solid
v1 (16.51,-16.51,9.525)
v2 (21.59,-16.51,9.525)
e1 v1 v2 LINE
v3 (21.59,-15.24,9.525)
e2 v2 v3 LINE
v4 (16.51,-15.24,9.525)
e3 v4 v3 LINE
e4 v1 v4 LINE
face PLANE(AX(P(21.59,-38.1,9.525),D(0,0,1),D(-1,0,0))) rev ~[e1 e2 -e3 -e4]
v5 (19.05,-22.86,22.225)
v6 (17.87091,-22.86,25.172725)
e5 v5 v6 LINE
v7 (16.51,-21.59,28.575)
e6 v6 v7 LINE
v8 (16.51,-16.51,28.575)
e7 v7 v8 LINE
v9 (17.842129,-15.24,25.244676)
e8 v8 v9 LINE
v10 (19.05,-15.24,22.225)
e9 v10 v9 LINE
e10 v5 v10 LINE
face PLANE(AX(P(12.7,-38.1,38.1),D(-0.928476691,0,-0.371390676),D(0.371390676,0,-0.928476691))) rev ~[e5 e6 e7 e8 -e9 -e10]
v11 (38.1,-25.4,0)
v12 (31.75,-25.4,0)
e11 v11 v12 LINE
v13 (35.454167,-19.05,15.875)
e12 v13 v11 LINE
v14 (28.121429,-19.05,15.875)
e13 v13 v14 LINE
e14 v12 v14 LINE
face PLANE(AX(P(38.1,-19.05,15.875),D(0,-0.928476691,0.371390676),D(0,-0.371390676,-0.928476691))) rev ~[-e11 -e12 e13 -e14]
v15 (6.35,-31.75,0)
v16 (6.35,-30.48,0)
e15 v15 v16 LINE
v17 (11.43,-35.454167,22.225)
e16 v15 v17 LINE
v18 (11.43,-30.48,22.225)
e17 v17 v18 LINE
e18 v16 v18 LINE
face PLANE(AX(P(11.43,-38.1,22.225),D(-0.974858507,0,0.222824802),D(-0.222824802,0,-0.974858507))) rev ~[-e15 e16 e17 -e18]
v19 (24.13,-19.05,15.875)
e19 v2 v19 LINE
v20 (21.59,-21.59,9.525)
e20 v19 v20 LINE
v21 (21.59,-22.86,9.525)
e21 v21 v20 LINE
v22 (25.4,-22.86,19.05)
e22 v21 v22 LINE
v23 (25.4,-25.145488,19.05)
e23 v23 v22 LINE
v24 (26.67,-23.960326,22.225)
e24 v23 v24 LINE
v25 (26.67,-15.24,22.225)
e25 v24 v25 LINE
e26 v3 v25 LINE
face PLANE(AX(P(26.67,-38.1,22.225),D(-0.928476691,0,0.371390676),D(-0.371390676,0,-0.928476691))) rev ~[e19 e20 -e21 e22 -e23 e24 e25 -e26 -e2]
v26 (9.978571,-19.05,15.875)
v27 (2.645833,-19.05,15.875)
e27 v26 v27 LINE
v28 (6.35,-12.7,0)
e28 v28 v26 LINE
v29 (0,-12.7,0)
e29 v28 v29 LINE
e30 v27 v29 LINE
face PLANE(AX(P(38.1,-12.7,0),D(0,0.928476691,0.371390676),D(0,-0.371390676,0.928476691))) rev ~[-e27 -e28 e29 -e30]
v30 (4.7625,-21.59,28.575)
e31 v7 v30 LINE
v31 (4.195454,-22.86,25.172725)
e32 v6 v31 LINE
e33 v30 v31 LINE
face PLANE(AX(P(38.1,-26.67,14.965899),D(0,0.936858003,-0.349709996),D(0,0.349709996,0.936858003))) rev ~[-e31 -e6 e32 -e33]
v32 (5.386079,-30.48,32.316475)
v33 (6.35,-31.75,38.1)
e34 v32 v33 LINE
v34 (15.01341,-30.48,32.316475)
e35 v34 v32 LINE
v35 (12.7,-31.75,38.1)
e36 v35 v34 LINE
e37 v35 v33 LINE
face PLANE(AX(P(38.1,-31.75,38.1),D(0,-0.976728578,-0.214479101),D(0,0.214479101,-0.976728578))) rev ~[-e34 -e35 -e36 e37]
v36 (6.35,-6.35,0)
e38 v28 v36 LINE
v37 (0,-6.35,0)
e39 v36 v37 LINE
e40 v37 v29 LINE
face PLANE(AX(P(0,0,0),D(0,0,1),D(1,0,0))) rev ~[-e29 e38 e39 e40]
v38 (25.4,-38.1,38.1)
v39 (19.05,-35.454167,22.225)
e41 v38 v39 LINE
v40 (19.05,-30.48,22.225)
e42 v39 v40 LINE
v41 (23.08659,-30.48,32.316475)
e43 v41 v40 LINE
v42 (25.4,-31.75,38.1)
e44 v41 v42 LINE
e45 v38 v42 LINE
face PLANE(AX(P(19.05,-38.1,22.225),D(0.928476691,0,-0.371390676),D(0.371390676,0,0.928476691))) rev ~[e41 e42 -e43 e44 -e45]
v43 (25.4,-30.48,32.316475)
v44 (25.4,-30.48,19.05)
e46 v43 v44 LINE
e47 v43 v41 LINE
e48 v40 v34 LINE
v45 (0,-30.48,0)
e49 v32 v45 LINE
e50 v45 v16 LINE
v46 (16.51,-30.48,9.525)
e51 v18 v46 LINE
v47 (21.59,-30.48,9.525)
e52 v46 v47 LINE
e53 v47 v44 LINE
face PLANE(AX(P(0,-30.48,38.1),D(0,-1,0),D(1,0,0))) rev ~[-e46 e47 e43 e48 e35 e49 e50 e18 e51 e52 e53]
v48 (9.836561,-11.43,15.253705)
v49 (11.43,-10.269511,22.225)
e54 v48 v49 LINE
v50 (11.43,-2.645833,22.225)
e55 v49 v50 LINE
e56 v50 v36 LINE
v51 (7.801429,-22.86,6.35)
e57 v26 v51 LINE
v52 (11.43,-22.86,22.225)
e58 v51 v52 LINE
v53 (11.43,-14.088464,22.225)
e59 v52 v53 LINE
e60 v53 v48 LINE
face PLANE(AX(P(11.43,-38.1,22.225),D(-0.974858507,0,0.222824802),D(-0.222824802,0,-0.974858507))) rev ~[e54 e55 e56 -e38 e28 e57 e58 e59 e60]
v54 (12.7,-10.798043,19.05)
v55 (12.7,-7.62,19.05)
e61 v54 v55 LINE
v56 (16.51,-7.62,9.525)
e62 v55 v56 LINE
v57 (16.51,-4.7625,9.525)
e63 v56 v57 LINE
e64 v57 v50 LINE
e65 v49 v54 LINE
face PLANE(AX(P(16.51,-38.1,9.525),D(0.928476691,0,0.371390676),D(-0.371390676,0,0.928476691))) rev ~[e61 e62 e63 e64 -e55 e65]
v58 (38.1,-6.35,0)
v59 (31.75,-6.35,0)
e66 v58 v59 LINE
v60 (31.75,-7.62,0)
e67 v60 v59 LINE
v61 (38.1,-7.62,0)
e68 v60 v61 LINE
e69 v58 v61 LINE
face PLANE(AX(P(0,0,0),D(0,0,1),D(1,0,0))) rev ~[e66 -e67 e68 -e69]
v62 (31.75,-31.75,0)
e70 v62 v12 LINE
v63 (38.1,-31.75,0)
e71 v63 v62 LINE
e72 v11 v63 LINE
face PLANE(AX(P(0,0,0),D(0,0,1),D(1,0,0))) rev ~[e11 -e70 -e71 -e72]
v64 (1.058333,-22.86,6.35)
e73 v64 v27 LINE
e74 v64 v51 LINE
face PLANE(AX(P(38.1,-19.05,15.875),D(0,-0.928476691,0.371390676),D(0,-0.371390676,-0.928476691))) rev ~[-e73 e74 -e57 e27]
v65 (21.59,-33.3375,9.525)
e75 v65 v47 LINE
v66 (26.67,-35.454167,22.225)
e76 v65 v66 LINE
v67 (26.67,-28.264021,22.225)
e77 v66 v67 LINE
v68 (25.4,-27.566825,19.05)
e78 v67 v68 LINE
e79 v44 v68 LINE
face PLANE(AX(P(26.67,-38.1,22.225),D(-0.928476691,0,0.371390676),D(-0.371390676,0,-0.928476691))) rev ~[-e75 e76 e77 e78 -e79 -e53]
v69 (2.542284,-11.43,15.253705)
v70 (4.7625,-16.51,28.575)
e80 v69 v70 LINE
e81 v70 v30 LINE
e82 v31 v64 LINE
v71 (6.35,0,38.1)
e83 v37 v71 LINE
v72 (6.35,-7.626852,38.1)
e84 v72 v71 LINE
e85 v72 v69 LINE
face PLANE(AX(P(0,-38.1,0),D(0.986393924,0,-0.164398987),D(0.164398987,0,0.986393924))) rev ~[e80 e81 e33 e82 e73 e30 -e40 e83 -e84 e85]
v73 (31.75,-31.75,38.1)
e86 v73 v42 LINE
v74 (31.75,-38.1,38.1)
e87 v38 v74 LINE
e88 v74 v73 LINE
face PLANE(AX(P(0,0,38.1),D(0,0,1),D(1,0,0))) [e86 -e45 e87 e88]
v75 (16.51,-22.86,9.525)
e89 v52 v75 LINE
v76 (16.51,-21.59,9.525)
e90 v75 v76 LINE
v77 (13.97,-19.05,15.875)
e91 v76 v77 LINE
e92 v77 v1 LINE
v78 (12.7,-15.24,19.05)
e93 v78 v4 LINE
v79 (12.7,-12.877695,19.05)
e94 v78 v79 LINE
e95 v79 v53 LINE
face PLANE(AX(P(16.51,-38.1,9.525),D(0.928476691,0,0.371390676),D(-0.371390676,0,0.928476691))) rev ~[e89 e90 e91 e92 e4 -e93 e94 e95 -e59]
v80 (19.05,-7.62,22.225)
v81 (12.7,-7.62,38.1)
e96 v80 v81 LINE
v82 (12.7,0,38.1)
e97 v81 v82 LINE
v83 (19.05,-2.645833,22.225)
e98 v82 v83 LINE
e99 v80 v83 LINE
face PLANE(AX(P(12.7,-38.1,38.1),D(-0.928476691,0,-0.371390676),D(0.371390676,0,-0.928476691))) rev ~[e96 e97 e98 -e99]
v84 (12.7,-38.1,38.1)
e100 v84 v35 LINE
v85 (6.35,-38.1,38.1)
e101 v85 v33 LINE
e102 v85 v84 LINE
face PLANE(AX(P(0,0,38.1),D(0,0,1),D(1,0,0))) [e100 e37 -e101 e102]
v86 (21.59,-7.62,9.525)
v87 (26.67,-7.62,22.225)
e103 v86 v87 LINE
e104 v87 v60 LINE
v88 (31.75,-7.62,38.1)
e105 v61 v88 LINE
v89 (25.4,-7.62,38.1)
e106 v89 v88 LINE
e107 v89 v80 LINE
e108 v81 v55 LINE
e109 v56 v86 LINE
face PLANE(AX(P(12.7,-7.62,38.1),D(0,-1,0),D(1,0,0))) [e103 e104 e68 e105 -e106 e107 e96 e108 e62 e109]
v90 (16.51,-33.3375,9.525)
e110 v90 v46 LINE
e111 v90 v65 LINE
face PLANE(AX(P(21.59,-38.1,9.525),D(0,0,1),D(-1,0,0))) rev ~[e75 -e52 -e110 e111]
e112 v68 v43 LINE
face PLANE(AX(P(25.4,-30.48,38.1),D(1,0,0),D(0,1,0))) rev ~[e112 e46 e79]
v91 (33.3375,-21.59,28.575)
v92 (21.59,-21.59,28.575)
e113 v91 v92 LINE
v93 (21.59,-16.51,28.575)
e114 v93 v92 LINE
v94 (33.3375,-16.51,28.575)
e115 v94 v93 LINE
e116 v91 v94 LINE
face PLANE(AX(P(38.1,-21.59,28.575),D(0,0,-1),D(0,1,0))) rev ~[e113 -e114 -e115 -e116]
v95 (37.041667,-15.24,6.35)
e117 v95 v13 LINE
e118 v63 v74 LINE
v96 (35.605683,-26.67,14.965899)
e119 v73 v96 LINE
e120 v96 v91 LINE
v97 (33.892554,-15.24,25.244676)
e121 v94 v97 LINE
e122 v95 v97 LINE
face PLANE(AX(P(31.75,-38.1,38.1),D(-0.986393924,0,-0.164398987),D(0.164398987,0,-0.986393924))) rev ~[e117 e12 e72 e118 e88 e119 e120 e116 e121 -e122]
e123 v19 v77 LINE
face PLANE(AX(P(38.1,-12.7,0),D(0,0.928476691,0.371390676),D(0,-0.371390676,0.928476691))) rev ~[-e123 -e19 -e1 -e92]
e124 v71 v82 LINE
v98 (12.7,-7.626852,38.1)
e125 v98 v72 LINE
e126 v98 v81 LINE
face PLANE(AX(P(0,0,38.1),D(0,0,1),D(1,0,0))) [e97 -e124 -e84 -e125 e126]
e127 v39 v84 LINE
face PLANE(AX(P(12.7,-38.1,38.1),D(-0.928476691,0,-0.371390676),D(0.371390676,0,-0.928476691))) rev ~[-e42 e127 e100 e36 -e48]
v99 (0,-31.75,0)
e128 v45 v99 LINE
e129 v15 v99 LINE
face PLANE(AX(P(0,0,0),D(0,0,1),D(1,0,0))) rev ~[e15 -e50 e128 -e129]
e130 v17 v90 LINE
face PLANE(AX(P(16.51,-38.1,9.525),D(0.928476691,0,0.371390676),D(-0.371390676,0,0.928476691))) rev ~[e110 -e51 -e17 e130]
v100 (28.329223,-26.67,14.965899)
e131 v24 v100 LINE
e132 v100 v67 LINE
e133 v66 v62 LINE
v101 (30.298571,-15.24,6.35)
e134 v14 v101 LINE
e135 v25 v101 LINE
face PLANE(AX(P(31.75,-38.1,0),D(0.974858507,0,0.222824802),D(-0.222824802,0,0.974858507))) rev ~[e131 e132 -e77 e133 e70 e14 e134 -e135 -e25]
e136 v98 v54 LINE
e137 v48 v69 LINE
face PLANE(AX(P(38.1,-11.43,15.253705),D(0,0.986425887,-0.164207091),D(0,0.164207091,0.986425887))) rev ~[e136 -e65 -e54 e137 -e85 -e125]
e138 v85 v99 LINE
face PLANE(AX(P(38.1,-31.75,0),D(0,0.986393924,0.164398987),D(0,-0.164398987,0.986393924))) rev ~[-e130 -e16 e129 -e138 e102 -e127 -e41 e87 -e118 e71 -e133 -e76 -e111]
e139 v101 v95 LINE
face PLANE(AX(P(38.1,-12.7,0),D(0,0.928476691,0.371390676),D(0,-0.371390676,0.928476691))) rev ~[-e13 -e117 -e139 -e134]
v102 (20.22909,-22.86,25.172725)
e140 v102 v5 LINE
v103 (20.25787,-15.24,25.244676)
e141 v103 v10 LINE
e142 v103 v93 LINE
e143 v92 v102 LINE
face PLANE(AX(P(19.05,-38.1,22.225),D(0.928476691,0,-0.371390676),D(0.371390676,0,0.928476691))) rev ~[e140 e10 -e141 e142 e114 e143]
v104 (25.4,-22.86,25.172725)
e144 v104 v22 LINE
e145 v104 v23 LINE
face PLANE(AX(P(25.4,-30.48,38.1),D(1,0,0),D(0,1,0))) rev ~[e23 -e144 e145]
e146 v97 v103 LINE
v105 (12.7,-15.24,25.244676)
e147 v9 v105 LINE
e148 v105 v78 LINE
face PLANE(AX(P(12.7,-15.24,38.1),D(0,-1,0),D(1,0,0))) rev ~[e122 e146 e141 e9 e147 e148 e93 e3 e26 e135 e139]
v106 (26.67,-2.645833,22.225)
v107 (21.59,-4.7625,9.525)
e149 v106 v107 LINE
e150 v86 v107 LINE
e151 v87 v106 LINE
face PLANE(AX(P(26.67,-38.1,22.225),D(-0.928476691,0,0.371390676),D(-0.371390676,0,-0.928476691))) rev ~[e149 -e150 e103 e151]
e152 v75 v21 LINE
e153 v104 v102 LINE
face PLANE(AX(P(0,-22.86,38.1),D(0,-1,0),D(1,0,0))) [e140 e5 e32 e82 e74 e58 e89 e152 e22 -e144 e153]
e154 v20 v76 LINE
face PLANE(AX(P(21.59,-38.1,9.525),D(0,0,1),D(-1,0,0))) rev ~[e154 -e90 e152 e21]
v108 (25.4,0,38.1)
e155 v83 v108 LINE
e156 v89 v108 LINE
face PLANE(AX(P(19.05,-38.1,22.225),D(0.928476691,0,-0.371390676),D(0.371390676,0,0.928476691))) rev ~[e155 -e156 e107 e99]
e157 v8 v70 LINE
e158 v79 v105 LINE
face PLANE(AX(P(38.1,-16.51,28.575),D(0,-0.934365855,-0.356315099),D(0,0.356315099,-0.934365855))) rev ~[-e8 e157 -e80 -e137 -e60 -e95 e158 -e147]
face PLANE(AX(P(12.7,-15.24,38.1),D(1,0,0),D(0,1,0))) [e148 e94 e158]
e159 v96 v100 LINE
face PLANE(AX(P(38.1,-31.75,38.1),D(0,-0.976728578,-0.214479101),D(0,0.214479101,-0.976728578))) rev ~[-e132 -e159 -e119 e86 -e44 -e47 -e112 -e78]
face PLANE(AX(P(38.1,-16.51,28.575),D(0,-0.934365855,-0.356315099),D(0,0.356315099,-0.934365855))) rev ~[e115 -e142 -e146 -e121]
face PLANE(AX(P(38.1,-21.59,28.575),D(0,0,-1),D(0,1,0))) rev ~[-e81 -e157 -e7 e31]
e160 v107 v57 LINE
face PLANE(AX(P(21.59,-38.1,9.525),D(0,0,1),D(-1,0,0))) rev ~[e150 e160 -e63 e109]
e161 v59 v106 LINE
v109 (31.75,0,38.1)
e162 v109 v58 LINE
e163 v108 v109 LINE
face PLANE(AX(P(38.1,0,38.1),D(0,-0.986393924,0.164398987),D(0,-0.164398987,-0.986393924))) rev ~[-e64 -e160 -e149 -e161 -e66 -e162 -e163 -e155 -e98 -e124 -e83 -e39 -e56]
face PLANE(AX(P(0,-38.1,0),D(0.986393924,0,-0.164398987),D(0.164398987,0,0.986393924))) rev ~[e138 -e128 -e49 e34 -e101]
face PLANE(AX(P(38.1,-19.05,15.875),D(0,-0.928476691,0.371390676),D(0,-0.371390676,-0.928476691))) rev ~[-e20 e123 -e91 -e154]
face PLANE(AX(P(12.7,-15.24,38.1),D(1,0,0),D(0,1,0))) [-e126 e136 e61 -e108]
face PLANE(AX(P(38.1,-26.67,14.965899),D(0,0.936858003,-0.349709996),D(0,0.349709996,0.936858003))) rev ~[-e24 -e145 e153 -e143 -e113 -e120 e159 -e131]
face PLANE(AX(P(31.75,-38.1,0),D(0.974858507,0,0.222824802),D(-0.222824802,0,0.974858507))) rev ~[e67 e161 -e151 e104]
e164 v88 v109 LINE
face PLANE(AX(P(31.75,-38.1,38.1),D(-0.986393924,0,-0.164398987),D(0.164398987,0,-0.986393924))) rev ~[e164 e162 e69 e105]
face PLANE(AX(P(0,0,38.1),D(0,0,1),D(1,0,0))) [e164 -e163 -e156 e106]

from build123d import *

# Parameters (mm, degrees)
F0_W      = 38.1
F0_H      = 38.1
F1_DEPTH  = 38.1
F6_DEPTH  = 38.1
F8_DEPTH  = 38.1
F9_W      = 25.4
F9_H      = 7.62
F10_DEPTH = 38.1


with BuildPart() as f1:
    # F0 (on Front) → F1 (new body)
    with BuildSketch(Plane.XZ):
        with Locations((19.05, 19.05)):
            Rectangle(F0_W, F0_H)
    extrude(amount=F1_DEPTH)

    # F5 (on offset) → F6 (cut)
    with BuildSketch(Plane.YZ.offset(38.1)):
        Polygon((-11.43, 15.253705), (-7.626852, 38.1), (-31.75, 38.1), (-26.67, 14.965899), (-21.59, 28.575), (-16.51, 28.575), align=None)
        Polygon((-31.75, 0), (-38.1, 38.1), (-38.1, 0), align=None)
        Polygon((-25.4, 0), (-12.7, 0), (-19.05, 15.875), align=None)
        Polygon((-6.35, 0), (0, 0), (0, 38.1), align=None)
    extrude(amount=-F6_DEPTH, mode=Mode.SUBTRACT)

    # F7 (on offset) → F8 (cut)
    with BuildSketch(Plane.XZ.offset(38.1)):
        Polygon((6.35, 38.1), (0, 38.1), (0, 0), align=None)
        Polygon((25.4, 38.1), (12.7, 38.1), (19.05, 22.225), align=None)
        Polygon((38.1, 38.1), (31.75, 38.1), (38.1, 0), align=None)
        Polygon((11.43, 22.225), (6.35, 0), (31.75, 0), (26.67, 22.225), (21.59, 9.525), (16.51, 9.525), align=None)
    extrude(amount=-F8_DEPTH, mode=Mode.SUBTRACT)

    # F9 (on offset) → F10 (cut)
    with BuildSketch(Plane.XY.offset(38.1)):
        with Locations((25.4, -11.43)):
            Rectangle(F9_W, F9_H)
        with Locations((12.7, -26.67)):
            Rectangle(F9_W, F9_H)
    extrude(amount=-F10_DEPTH, mode=Mode.SUBTRACT)


solid = f1.part
